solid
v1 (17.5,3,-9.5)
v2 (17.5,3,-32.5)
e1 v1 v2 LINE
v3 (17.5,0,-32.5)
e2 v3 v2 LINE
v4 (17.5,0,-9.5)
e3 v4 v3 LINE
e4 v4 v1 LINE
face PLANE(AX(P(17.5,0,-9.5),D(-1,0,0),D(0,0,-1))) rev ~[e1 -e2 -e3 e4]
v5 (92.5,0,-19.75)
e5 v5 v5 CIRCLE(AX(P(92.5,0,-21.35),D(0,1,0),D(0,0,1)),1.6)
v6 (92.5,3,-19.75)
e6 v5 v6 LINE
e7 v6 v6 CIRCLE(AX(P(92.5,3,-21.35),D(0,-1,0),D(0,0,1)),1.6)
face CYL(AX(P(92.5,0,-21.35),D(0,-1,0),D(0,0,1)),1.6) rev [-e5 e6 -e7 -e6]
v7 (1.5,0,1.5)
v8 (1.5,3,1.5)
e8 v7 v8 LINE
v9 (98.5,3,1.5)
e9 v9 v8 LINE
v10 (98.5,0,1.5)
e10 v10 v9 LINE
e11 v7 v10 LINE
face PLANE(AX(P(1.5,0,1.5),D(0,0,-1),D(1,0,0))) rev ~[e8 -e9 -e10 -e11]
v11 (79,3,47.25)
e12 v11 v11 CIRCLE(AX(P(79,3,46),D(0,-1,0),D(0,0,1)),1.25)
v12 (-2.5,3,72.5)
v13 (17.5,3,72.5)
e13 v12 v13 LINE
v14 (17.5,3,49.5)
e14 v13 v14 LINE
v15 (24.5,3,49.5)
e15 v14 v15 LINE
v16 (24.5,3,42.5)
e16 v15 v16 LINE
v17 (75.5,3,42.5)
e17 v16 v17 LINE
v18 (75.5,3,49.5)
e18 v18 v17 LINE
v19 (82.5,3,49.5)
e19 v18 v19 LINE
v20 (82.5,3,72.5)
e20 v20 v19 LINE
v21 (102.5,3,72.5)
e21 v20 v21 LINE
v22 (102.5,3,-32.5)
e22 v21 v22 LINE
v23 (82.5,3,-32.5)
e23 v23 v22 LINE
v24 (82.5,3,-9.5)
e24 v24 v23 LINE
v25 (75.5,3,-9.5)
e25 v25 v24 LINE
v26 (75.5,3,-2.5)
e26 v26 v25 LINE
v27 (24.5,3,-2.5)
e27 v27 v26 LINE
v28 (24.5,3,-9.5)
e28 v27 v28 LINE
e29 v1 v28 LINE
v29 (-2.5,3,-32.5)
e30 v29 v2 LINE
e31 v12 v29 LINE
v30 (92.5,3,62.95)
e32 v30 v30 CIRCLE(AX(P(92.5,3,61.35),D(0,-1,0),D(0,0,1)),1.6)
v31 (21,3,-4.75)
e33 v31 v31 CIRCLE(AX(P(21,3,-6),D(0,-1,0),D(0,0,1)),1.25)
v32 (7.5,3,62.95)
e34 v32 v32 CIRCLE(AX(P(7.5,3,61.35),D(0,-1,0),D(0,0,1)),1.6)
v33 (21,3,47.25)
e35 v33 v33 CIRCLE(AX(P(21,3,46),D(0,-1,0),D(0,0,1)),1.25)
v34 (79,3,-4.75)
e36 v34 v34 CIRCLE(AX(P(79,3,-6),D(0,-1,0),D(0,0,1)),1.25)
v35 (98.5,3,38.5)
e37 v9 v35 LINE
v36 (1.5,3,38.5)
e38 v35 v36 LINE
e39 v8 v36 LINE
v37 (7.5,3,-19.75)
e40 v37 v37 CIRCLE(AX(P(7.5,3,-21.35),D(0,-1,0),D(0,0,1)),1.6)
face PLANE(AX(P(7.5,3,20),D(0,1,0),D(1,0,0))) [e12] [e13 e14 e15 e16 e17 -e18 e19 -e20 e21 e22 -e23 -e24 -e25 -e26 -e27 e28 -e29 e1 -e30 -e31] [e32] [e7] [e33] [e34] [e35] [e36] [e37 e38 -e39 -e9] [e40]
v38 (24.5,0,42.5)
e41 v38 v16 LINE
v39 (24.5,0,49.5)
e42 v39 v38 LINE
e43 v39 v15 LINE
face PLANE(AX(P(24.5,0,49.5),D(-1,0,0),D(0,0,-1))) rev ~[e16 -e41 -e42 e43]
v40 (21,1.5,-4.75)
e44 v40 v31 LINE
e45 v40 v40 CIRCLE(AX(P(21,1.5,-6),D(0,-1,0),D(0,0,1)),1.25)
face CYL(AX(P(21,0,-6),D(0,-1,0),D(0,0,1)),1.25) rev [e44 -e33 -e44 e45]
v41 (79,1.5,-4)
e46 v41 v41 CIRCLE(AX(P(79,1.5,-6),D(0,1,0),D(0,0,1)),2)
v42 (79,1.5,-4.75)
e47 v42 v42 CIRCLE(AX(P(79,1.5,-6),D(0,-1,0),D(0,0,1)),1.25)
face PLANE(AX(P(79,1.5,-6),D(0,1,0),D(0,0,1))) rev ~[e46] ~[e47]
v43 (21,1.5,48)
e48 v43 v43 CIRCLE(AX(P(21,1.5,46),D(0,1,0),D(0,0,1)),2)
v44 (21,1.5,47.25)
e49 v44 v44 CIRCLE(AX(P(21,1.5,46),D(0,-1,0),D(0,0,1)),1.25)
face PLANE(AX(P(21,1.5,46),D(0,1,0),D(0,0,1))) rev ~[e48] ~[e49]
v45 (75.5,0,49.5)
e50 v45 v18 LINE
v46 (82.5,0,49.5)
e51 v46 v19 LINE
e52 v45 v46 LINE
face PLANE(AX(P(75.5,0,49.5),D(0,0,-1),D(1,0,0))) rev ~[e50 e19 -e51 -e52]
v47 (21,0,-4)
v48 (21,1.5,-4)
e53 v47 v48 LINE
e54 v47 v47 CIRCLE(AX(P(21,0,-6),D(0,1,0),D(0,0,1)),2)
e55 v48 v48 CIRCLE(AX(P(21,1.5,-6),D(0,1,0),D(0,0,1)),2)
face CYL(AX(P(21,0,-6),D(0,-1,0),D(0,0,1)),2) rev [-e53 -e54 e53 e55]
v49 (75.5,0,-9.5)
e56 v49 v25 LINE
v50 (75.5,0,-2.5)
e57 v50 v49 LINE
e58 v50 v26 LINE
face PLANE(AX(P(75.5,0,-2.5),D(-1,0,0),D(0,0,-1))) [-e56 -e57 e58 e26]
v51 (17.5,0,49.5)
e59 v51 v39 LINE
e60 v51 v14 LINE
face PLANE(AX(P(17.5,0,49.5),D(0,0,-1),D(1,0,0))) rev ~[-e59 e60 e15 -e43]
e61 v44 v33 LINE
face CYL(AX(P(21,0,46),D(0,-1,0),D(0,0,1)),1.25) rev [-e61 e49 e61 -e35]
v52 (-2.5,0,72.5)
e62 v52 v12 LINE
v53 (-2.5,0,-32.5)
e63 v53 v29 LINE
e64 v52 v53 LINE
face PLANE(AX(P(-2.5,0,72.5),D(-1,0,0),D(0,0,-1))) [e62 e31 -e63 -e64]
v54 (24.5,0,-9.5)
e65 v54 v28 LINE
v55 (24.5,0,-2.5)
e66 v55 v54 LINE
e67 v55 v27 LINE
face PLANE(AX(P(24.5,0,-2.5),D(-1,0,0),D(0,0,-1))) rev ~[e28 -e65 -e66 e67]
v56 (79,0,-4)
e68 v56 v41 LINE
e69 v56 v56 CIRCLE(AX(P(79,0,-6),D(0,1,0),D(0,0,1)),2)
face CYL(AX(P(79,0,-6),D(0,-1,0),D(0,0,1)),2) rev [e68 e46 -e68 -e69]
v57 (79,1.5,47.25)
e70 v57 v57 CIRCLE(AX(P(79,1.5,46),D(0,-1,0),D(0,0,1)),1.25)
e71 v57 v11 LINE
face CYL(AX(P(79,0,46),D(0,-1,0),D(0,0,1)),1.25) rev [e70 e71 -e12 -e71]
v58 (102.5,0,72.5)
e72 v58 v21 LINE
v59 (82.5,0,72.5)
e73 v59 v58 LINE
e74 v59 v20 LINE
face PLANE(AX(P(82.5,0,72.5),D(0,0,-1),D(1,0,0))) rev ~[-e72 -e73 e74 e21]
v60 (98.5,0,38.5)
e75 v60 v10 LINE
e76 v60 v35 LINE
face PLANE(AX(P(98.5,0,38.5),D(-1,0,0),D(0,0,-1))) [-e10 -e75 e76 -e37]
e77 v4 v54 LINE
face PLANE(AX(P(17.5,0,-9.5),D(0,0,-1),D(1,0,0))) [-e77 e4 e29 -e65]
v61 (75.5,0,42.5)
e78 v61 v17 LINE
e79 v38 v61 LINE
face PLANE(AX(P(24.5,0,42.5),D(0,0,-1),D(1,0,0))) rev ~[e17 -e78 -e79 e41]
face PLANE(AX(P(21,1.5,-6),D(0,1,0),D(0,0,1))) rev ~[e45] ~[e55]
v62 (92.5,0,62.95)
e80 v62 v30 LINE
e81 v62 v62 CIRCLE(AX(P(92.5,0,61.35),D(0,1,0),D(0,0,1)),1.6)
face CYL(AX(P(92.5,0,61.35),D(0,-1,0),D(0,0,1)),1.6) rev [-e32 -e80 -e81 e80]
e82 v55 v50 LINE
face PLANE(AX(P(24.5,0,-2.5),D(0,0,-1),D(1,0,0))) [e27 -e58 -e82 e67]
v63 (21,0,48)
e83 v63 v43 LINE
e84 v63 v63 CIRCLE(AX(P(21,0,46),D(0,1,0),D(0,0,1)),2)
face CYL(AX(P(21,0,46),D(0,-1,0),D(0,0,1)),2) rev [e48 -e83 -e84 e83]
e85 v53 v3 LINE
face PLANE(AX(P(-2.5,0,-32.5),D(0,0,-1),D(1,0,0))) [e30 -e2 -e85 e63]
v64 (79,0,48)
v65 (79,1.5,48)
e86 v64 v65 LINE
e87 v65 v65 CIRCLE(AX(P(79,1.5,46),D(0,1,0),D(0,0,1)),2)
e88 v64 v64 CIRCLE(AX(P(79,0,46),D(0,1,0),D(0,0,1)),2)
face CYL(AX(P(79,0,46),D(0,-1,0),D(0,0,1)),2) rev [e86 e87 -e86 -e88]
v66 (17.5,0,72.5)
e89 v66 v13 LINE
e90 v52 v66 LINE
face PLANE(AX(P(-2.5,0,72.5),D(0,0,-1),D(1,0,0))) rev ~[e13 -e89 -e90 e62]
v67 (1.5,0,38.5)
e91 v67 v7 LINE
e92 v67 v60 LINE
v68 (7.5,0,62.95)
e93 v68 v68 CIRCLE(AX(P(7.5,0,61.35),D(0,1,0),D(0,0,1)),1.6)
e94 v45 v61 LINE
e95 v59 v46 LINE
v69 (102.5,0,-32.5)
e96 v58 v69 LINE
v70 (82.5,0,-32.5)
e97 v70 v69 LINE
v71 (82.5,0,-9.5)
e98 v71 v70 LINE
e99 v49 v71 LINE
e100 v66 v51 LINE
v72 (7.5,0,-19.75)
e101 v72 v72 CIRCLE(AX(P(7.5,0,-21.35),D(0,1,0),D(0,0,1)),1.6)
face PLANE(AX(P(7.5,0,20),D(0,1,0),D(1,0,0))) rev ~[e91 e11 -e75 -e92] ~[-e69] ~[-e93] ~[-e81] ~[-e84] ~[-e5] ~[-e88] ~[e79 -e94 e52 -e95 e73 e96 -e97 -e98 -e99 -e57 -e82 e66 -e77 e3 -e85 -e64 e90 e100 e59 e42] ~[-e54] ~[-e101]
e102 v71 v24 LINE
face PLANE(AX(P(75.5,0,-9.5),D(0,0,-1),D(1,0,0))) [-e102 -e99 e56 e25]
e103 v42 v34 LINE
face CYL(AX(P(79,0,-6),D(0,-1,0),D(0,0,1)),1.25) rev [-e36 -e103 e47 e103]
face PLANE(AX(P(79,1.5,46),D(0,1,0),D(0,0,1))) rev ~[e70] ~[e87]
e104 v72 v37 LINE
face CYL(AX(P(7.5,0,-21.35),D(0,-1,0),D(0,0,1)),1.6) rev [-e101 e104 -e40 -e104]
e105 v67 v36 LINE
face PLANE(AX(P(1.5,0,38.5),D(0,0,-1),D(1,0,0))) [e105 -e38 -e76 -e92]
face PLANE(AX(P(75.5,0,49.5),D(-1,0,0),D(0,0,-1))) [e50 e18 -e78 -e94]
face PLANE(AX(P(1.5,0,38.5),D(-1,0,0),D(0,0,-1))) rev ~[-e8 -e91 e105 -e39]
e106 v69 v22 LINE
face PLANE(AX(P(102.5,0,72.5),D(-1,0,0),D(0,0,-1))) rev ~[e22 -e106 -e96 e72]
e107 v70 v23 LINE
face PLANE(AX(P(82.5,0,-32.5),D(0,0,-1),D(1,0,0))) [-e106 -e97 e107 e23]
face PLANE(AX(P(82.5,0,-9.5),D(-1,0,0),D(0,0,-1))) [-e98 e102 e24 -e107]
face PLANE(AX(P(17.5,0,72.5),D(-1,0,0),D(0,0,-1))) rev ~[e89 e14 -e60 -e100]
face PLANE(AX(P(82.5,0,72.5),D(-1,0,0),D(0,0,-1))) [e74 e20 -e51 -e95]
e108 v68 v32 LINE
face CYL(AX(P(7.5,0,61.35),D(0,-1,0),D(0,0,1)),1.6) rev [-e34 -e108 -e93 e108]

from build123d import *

# Parameters (mm, degrees)
SKETCH_1_W          = 20
SKETCH_1_H          = 105
SKETCH_1_W_2        = 65
SKETCH_1_H_2        = 45
SKETCH_1_W_3        = 7
SKETCH_1_H_3        = 59
EXTRUDE_2_DEPTH     = 3
SKETCH_1_5_W        = 97
SKETCH_1_5_H        = 37
CUT_EXTRUDE_1_DEPTH = 126.584632818
SKETCH_1_6_R        = 1.25
SKETCH_1_6_R_2      = 1.6
CUT_EXTRUDE_3_DEPTH = 126.584632818
SKETCH_1_7_R        = 2
CUT_EXTRUDE_4_DEPTH = 1.5


with BuildPart() as part:
    # 草图1 → 凸台-拉伸2 (new body)
    with BuildSketch(Plane(origin=(0, 0, 0), x_dir=(1, 0, 0), z_dir=(0, 1, 0))):
        with Locations((7.5, -20)):
            Rectangle(SKETCH_1_W, SKETCH_1_H)
        with Locations((92.5, -20)):
            Rectangle(SKETCH_1_W, SKETCH_1_H)
        with Locations((50, -20)):
            Rectangle(SKETCH_1_W_2, SKETCH_1_H_2)
        with Locations((21, -20)):
            Rectangle(SKETCH_1_W_3, SKETCH_1_H_3)
        with Locations((79, -20)):
            Rectangle(SKETCH_1_W_3, SKETCH_1_H_3)
    extrude(amount=EXTRUDE_2_DEPTH)

    # 草图1<5> → 切除-拉伸1 (cut, through all)
    with BuildSketch(Plane(origin=(0, 0, 0), x_dir=(1, 0, 0), z_dir=(0, 1, 0))):
        with Locations((50, -20)):
            Rectangle(SKETCH_1_5_W, SKETCH_1_5_H)
    extrude(amount=CUT_EXTRUDE_1_DEPTH, mode=Mode.SUBTRACT)

    # 草图1<6> → 切除-拉伸3 (cut, through all)
    with BuildSketch(Plane(origin=(0, 0, 0), x_dir=(1, 0, 0), z_dir=(0, 1, 0))):
        with Locations((21, 6)):
            Circle(SKETCH_1_6_R)
        with Locations((79, 6)):
            Circle(SKETCH_1_6_R)
        with Locations((79, -46)):
            Circle(SKETCH_1_6_R)
        with Locations((21, -46)):
            Circle(SKETCH_1_6_R)
        with Locations((7.5, 21.35)):
            Circle(SKETCH_1_6_R_2)
        with Locations((92.5, 21.35)):
            Circle(SKETCH_1_6_R_2)
        with Locations((92.5, -61.35)):
            Circle(SKETCH_1_6_R_2)
        with Locations((7.5, -61.35)):
            Circle(SKETCH_1_6_R_2)
    extrude(amount=CUT_EXTRUDE_3_DEPTH, mode=Mode.SUBTRACT)

    # 草图1<7> → 切除-拉伸4 (cut)
    with BuildSketch(Plane(origin=(0, 0, 0), x_dir=(1, 0, 0), z_dir=(0, 1, 0))):
        with Locations((21, 6)):
            Circle(SKETCH_1_7_R)
        with Locations((79, 6)):
            Circle(SKETCH_1_7_R)
        with Locations((79, -46)):
            Circle(SKETCH_1_7_R)
        with Locations((21, -46)):
            Circle(SKETCH_1_7_R)
    extrude(amount=CUT_EXTRUDE_4_DEPTH, mode=Mode.SUBTRACT)


solid = part.part
